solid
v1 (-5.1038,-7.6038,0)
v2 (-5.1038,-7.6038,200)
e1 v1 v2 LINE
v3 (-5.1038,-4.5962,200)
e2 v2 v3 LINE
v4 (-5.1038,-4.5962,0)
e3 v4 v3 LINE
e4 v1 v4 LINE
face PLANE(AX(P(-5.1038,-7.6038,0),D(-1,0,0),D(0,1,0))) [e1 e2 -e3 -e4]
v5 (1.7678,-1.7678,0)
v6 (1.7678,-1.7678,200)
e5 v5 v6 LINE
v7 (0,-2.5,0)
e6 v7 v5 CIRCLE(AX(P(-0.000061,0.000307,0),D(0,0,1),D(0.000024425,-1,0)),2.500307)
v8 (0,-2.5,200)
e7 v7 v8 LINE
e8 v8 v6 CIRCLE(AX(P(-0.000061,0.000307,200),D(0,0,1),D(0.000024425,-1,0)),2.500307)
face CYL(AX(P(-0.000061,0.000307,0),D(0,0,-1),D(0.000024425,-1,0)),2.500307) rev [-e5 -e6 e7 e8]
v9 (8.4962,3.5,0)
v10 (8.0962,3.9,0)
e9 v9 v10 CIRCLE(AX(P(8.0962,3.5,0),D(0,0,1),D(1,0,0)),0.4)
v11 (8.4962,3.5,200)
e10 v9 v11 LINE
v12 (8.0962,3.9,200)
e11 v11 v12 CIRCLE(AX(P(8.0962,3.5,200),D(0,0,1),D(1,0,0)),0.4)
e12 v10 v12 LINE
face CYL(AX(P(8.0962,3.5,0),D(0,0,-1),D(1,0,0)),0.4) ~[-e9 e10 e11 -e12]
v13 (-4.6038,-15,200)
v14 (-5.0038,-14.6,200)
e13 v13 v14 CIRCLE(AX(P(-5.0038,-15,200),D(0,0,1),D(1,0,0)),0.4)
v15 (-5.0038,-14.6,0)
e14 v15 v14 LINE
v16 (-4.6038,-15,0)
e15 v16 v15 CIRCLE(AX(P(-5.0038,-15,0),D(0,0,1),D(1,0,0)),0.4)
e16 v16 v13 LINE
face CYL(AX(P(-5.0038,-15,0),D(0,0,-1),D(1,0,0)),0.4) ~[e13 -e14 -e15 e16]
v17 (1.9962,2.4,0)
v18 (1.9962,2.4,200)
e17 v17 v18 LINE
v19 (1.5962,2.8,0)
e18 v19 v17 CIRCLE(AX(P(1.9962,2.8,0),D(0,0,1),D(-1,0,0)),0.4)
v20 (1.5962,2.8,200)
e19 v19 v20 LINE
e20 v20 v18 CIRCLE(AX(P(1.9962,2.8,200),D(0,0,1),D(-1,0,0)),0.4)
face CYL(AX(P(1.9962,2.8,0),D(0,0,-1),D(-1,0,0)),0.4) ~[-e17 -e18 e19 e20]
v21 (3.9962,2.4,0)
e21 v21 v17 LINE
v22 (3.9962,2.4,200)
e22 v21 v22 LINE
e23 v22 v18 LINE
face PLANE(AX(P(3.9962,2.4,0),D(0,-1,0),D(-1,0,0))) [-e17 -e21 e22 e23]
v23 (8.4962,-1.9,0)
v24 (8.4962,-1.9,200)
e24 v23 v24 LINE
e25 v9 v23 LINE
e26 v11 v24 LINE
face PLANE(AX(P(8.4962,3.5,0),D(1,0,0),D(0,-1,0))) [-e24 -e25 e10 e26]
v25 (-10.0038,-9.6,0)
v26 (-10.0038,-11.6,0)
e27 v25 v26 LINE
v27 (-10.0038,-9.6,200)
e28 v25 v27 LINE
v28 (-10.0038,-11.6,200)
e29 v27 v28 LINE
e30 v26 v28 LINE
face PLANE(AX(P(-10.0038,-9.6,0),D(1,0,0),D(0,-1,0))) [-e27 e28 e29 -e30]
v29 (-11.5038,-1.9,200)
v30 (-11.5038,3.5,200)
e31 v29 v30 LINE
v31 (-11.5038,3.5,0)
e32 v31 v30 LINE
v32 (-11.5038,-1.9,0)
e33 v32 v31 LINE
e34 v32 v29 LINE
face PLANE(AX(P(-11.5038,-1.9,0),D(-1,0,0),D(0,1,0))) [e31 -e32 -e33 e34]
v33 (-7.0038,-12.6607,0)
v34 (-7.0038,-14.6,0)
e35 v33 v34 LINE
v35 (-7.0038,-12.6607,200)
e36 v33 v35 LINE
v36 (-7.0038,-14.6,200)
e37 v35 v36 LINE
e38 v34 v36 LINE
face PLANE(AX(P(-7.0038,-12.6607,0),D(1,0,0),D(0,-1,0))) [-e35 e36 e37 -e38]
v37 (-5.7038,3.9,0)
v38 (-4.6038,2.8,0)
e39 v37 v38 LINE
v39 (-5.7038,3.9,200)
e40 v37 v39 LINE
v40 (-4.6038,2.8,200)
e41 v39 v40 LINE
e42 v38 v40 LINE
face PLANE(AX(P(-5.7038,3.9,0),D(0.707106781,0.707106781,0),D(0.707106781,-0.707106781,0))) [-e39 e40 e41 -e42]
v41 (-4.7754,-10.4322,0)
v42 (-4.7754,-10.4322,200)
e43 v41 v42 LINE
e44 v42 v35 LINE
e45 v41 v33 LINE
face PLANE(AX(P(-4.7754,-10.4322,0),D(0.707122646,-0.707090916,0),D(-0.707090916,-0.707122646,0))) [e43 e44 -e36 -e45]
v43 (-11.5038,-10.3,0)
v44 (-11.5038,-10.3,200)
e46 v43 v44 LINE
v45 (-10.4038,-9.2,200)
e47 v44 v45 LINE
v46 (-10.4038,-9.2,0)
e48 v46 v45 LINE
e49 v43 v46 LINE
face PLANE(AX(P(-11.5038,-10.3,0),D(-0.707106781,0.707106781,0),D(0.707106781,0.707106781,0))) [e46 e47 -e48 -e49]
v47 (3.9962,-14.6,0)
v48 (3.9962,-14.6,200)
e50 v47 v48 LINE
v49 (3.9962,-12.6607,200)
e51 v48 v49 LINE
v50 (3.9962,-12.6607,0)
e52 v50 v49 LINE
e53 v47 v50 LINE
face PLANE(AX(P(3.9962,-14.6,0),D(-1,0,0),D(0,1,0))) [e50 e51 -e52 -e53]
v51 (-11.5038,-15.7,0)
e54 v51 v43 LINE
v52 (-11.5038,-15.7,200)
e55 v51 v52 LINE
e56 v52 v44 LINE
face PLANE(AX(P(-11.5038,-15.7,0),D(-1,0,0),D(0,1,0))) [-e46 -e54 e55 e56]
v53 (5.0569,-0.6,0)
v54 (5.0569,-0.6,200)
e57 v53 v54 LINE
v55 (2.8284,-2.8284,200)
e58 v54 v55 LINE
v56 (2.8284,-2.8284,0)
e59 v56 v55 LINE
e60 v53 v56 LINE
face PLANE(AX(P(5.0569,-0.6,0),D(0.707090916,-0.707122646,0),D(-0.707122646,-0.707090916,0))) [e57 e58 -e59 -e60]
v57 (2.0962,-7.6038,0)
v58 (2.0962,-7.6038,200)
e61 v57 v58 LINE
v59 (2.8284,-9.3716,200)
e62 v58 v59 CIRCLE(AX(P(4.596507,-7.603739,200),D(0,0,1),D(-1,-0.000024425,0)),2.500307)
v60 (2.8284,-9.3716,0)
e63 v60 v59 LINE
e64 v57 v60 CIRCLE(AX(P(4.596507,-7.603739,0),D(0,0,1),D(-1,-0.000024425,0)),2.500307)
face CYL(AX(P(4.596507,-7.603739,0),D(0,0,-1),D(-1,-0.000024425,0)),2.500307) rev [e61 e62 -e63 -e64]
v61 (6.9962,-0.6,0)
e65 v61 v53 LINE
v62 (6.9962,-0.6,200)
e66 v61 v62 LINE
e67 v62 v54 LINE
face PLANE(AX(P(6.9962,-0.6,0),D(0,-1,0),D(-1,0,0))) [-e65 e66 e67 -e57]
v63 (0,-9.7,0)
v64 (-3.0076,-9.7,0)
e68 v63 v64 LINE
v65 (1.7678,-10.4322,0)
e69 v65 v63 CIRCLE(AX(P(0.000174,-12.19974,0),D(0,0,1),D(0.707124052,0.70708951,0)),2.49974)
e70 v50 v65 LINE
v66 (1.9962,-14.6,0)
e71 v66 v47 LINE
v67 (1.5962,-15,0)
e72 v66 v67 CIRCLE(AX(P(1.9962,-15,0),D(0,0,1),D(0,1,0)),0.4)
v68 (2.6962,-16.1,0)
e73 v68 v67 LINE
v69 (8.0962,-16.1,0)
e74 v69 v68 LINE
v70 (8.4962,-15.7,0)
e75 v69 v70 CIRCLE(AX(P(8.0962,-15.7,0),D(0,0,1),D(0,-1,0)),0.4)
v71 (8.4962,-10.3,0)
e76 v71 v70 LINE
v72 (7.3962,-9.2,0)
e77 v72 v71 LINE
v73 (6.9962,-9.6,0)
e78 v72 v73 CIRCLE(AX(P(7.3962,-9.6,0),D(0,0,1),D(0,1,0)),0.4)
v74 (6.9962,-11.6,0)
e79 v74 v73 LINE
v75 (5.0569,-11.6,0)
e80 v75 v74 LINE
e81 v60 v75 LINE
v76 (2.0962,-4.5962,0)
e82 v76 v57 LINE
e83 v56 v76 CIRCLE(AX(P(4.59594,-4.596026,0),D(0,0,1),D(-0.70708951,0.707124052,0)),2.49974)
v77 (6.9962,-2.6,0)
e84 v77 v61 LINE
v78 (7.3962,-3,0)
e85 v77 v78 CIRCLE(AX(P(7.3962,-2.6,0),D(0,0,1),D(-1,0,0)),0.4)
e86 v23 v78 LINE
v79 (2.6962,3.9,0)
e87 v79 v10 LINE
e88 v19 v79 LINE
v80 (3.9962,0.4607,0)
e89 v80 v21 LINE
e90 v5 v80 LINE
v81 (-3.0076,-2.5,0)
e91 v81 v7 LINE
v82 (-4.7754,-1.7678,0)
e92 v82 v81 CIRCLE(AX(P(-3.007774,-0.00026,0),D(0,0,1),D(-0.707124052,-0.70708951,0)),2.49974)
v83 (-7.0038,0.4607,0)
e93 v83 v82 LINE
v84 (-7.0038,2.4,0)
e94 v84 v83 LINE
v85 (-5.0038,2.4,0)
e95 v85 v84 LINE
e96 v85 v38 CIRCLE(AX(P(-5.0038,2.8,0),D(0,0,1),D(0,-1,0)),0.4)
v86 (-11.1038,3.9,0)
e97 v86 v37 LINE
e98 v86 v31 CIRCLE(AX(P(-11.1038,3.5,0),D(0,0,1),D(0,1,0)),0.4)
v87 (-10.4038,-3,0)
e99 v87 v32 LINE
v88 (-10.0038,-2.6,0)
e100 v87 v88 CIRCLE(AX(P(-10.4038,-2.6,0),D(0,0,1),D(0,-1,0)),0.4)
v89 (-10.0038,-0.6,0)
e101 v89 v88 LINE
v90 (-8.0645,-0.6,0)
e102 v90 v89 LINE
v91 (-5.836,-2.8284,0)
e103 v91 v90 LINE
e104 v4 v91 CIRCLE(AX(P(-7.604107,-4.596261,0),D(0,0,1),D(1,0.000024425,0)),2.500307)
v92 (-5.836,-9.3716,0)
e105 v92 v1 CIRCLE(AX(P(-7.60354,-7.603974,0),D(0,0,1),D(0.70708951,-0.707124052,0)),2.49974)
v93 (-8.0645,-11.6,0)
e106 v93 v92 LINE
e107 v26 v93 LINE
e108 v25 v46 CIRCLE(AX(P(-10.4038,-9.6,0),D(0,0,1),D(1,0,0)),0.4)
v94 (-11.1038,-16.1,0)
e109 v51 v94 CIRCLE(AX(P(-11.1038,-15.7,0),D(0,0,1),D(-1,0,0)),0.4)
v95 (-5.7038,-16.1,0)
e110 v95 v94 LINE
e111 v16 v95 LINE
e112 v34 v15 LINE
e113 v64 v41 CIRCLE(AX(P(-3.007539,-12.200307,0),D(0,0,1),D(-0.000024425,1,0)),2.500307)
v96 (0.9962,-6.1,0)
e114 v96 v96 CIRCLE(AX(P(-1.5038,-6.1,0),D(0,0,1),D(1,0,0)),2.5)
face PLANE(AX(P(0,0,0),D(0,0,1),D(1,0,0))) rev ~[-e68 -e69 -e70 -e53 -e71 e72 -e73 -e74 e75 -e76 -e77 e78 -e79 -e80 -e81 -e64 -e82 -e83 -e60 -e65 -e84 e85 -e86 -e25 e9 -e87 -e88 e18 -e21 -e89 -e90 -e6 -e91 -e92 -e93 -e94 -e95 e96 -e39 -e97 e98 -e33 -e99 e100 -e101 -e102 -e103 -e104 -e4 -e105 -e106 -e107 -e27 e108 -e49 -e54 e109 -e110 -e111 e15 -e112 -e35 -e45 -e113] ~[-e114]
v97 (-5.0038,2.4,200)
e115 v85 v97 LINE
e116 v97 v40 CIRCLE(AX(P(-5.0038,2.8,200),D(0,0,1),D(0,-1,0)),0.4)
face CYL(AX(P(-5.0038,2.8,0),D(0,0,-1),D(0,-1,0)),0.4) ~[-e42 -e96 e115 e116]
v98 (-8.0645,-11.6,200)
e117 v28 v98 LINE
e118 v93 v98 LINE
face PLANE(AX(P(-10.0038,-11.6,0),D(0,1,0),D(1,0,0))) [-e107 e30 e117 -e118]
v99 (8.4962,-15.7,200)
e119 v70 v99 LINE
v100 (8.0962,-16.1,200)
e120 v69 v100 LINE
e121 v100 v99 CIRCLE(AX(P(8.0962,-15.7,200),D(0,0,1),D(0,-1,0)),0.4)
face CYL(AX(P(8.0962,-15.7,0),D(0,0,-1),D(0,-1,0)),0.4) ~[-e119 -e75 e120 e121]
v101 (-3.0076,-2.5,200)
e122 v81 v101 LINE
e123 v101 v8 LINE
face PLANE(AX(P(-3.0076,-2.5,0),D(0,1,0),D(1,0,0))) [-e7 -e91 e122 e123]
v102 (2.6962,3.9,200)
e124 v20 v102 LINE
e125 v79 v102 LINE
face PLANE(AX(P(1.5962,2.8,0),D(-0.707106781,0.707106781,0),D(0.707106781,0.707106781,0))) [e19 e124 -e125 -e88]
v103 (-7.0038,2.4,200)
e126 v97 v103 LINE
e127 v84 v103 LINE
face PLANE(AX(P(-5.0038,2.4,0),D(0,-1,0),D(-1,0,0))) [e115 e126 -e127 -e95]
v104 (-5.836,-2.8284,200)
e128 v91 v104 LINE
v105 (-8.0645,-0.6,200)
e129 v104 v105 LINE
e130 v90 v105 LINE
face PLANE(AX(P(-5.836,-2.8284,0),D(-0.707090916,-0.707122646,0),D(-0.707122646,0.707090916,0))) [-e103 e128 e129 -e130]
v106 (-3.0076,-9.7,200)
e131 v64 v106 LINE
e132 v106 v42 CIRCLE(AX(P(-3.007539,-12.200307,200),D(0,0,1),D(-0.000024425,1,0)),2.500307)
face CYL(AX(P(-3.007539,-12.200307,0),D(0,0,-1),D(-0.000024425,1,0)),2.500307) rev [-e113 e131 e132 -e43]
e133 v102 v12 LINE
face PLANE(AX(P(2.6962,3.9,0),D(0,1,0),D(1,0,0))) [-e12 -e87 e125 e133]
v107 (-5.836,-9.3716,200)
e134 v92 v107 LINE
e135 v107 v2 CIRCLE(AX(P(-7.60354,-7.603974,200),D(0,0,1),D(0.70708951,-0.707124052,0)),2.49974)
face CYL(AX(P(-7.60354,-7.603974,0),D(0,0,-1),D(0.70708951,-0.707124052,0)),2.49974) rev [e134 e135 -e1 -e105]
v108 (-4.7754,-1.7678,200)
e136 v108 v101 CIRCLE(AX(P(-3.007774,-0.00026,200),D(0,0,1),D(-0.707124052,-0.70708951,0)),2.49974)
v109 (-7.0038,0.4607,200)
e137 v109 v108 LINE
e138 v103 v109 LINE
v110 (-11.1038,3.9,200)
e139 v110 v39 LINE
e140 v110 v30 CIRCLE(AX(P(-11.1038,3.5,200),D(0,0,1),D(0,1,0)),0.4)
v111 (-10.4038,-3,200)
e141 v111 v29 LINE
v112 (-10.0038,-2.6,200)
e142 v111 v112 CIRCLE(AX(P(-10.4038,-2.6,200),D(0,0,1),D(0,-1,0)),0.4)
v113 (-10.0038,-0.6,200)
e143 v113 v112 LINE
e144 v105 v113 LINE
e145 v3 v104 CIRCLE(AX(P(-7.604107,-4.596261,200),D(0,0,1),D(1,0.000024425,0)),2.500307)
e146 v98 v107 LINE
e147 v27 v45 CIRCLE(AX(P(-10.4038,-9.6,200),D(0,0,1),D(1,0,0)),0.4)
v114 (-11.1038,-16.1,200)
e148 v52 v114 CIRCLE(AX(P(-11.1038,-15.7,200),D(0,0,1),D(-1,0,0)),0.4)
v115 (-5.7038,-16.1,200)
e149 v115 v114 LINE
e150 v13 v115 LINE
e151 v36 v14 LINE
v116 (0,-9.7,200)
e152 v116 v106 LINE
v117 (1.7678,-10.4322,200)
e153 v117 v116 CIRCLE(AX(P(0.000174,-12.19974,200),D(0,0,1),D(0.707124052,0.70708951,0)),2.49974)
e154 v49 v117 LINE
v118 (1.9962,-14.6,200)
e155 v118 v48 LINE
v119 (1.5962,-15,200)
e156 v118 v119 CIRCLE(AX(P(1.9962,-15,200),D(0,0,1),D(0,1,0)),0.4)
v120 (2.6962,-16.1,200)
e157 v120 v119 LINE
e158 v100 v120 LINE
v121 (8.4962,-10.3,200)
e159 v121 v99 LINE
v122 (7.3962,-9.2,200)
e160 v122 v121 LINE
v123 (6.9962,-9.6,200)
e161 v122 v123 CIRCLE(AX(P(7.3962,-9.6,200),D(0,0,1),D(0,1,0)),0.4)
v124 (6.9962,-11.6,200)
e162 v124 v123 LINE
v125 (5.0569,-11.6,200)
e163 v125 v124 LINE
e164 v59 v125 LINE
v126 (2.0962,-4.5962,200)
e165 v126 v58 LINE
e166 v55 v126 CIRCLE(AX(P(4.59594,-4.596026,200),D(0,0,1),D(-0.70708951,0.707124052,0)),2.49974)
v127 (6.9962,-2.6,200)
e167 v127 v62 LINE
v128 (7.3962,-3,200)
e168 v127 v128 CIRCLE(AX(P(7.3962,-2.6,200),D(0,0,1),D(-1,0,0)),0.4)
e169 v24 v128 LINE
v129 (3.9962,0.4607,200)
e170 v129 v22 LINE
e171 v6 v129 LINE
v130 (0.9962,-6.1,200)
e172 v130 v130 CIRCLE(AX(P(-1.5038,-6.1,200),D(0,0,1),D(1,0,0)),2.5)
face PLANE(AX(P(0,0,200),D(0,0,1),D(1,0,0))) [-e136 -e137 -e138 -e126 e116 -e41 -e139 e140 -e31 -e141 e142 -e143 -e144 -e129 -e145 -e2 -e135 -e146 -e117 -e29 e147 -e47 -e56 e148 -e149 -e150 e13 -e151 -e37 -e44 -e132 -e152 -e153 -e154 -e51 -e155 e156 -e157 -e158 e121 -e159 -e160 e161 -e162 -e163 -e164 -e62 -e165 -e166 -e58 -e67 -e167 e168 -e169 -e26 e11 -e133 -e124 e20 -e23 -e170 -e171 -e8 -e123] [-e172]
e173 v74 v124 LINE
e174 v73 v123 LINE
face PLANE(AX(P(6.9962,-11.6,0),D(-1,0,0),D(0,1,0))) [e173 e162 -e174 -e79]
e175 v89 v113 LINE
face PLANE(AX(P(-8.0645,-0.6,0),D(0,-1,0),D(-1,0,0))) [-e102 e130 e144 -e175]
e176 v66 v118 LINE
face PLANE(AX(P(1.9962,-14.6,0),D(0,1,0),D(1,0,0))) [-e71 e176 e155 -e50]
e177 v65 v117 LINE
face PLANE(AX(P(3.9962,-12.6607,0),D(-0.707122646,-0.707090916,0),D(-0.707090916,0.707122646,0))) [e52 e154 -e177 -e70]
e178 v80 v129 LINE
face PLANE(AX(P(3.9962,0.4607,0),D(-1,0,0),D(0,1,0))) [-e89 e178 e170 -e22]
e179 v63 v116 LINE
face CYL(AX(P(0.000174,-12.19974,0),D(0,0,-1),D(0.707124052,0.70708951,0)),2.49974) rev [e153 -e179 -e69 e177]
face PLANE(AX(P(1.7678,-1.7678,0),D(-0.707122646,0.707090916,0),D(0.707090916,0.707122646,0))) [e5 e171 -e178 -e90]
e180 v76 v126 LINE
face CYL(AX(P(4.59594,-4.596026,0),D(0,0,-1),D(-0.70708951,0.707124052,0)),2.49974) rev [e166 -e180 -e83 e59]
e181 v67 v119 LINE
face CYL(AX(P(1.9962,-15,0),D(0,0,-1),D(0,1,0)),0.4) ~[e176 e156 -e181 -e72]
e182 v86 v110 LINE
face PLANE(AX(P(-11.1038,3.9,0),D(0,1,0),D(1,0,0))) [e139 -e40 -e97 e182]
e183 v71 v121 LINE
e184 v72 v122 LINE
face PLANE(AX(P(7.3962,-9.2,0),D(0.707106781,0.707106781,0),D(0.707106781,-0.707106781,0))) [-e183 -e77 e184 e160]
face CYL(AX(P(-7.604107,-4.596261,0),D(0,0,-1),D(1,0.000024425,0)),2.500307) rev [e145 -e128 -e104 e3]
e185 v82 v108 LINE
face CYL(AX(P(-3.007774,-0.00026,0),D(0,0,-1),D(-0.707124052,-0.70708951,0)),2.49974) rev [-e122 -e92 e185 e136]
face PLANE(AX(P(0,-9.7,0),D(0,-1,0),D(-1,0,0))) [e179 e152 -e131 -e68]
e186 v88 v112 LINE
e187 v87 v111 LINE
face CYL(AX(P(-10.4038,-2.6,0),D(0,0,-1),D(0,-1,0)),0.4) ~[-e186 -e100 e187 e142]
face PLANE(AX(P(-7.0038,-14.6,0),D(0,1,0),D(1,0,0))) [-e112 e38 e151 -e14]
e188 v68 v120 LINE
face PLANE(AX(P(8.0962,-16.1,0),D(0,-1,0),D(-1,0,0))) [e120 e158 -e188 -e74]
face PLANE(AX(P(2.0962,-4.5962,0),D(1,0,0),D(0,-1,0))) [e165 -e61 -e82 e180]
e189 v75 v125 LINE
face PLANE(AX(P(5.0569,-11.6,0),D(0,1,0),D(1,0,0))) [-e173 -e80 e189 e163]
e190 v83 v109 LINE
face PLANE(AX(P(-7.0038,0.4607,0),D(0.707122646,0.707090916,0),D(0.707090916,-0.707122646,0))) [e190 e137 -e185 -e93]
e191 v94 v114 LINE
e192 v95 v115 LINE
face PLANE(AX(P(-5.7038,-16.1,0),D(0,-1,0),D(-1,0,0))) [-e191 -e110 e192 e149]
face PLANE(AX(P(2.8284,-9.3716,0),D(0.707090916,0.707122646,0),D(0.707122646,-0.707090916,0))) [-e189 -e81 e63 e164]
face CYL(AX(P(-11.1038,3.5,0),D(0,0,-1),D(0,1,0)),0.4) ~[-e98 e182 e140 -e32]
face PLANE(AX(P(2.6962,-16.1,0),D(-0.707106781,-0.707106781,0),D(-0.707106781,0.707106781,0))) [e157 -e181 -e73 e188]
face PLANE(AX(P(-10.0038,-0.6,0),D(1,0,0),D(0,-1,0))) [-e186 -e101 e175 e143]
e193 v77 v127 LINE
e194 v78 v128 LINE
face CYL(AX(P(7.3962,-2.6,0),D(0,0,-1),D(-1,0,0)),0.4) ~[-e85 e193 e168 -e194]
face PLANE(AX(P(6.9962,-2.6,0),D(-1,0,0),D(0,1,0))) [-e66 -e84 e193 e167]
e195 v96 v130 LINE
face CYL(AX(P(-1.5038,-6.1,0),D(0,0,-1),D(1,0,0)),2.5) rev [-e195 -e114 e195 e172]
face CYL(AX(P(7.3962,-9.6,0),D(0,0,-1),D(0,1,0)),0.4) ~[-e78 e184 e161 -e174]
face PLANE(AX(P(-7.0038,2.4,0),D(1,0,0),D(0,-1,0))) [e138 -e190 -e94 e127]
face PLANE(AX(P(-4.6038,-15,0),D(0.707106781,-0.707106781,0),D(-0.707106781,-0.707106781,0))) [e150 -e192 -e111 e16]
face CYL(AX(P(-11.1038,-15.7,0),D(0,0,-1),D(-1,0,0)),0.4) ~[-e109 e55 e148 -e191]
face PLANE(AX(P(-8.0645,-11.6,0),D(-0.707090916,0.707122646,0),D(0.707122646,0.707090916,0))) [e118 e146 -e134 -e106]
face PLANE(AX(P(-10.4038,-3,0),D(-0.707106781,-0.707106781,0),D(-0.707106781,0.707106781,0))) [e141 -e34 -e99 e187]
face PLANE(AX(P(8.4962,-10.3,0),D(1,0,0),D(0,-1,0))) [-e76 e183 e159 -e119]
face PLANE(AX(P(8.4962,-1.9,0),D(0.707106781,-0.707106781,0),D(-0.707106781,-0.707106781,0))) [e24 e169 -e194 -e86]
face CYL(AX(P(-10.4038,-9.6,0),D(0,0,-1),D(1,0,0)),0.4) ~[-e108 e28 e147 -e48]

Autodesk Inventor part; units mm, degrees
ref_plane "YZ Plane" through (0, 0, 0) normal (1, 0, 0) x (0, 1, 0)
ref_plane "XZ Plane" through (0, 0, 0) normal (0, 1, 0) x (-1, 0, 0)
ref_plane "XY Plane" through (0, 0, 0) normal (0, 0, 1) x (1, 0, 0)
sketch "Sketch1" plane through (0, 0, 0) normal (0, 0, 1) x (1, 0, 0)
  line L0 (1.7678, -1.7678) -> (3.9962, 0.4607) projected
  arc A0 (0, -2.5) -> (1.7678, -1.7678) centre (0, 0) ccw projected
  line L1 (-3.0076, -2.5) -> (0, -2.5) projected
  arc A1 (-4.7754, -1.7678) -> (-3.0076, -2.5) centre (-3.0076, 0) ccw projected
  line L2 (-7.0038, 0.4607) -> (-4.7754, -1.7678) projected
  line L3 (-7.0038, 2.4) -> (-7.0038, 0.4607) projected
  line L4 (-5.0038, 2.4) -> (-7.0038, 2.4) projected
  arc A2 (-5.0038, 2.4) -> (-4.6038, 2.8) centre (-5.0038, 2.8) ccw projected
  line L5 (-5.7038, 3.9) -> (-4.6038, 2.8) projected
  line L6 (-11.1038, 3.9) -> (-5.7038, 3.9) projected
  arc A3 (-11.1038, 3.9) -> (-11.5038, 3.5) centre (-11.1038, 3.5) ccw projected
  line L7 (-11.5038, -1.9) -> (-11.5038, 3.5) projected
  line L8 (-10.4038, -3) -> (-11.5038, -1.9) projected
  arc A4 (-10.4038, -3) -> (-10.0038, -2.6) centre (-10.4038, -2.6) ccw projected
  line L9 (-10.0038, -0.6) -> (-10.0038, -2.6) projected
  line L10 (-8.0645, -0.6) -> (-10.0038, -0.6) projected
  line L11 (-5.836, -2.8284) -> (-8.0645, -0.6) projected
  arc A5 (-5.1038, -4.5962) -> (-5.836, -2.8284) centre (-7.6038, -4.5962) ccw projected
  line L12 (-5.1038, -7.6038) -> (-5.1038, -4.5962) projected
  arc A6 (-5.836, -9.3716) -> (-5.1038, -7.6038) centre (-7.6038, -7.6038) ccw projected
  line L13 (-8.0645, -11.6) -> (-5.836, -9.3716) projected
  line L14 (-10.0038, -11.6) -> (-8.0645, -11.6) projected
  line L15 (-10.0038, -9.6) -> (-10.0038, -11.6) projected
  arc A7 (-10.0038, -9.6) -> (-10.4038, -9.2) centre (-10.4038, -9.6) ccw projected
  line L16 (-11.5038, -10.3) -> (-10.4038, -9.2) projected
  line L17 (-11.5038, -15.7) -> (-11.5038, -10.3) projected
  arc A8 (-11.5038, -15.7) -> (-11.1038, -16.1) centre (-11.1038, -15.7) ccw projected
  line L18 (-5.7038, -16.1) -> (-11.1038, -16.1) projected
  line L19 (-4.6038, -15) -> (-5.7038, -16.1) projected
  arc A9 (-4.6038, -15) -> (-5.0038, -14.6) centre (-5.0038, -15) ccw projected
  line L20 (-7.0038, -14.6) -> (-5.0038, -14.6) projected
  line L21 (-7.0038, -12.6607) -> (-7.0038, -14.6) projected
  line L22 (-4.7754, -10.4322) -> (-7.0038, -12.6607) projected
  arc A10 (-3.0076, -9.7) -> (-4.7754, -10.4322) centre (-3.0076, -12.2) ccw projected
  line L23 (0, -9.7) -> (-3.0076, -9.7) projected
  arc A11 (1.7678, -10.4322) -> (0, -9.7) centre (0, -12.2) ccw projected
  line L24 (3.9962, -12.6607) -> (1.7678, -10.4322) projected
  line L25 (3.9962, -14.6) -> (3.9962, -12.6607) projected
  line L26 (1.9962, -14.6) -> (3.9962, -14.6) projected
  arc A12 (1.9962, -14.6) -> (1.5962, -15) centre (1.9962, -15) ccw projected
  line L27 (2.6962, -16.1) -> (1.5962, -15) projected
  line L28 (8.0962, -16.1) -> (2.6962, -16.1) projected
  arc A13 (8.0962, -16.1) -> (8.4962, -15.7) centre (8.0962, -15.7) ccw projected
  line L29 (8.4962, -10.3) -> (8.4962, -15.7) projected
  line L30 (7.3962, -9.2) -> (8.4962, -10.3) projected
  arc A14 (7.3962, -9.2) -> (6.9962, -9.6) centre (7.3962, -9.6) ccw projected
  line L31 (6.9962, -11.6) -> (6.9962, -9.6) projected
  line L32 (5.0569, -11.6) -> (6.9962, -11.6) projected
  line L33 (2.8284, -9.3716) -> (5.0569, -11.6) projected
  arc A15 (2.0962, -7.6038) -> (2.8284, -9.3716) centre (4.5962, -7.6038) ccw projected
  line L34 (2.0962, -4.5962) -> (2.0962, -7.6038) projected
  arc A16 (2.8284, -2.8284) -> (2.0962, -4.5962) centre (4.5962, -4.5962) ccw projected
  line L35 (5.0569, -0.6) -> (2.8284, -2.8284) projected
  line L36 (6.9962, -0.6) -> (5.0569, -0.6) projected
  line L37 (6.9962, -2.6) -> (6.9962, -0.6) projected
  arc A17 (6.9962, -2.6) -> (7.3962, -3) centre (7.3962, -2.6) ccw projected
  line L38 (8.4962, -1.9) -> (7.3962, -3) projected
  line L39 (8.4962, 3.5) -> (8.4962, -1.9) projected
  arc A18 (8.4962, 3.5) -> (8.0962, 3.9) centre (8.0962, 3.5) ccw projected
  line L40 (2.6962, 3.9) -> (8.0962, 3.9) projected
  line L41 (1.5962, 2.8) -> (2.6962, 3.9) projected
  arc A19 (1.5962, 2.8) -> (1.9962, 2.4) centre (1.9962, 2.8) ccw projected
  line L42 (3.9962, 2.4) -> (1.9962, 2.4) projected
  line L43 (3.9962, 0.4607) -> (3.9962, 2.4) projected
  circle A20 centre (-1.5038, -6.1) radius 2.5 projected
  point P0 (0, 0)
extrude "Extrusion1" add sketch "Sketch1" along normal blind 200
properties part number "00_VSlot_20mm"
